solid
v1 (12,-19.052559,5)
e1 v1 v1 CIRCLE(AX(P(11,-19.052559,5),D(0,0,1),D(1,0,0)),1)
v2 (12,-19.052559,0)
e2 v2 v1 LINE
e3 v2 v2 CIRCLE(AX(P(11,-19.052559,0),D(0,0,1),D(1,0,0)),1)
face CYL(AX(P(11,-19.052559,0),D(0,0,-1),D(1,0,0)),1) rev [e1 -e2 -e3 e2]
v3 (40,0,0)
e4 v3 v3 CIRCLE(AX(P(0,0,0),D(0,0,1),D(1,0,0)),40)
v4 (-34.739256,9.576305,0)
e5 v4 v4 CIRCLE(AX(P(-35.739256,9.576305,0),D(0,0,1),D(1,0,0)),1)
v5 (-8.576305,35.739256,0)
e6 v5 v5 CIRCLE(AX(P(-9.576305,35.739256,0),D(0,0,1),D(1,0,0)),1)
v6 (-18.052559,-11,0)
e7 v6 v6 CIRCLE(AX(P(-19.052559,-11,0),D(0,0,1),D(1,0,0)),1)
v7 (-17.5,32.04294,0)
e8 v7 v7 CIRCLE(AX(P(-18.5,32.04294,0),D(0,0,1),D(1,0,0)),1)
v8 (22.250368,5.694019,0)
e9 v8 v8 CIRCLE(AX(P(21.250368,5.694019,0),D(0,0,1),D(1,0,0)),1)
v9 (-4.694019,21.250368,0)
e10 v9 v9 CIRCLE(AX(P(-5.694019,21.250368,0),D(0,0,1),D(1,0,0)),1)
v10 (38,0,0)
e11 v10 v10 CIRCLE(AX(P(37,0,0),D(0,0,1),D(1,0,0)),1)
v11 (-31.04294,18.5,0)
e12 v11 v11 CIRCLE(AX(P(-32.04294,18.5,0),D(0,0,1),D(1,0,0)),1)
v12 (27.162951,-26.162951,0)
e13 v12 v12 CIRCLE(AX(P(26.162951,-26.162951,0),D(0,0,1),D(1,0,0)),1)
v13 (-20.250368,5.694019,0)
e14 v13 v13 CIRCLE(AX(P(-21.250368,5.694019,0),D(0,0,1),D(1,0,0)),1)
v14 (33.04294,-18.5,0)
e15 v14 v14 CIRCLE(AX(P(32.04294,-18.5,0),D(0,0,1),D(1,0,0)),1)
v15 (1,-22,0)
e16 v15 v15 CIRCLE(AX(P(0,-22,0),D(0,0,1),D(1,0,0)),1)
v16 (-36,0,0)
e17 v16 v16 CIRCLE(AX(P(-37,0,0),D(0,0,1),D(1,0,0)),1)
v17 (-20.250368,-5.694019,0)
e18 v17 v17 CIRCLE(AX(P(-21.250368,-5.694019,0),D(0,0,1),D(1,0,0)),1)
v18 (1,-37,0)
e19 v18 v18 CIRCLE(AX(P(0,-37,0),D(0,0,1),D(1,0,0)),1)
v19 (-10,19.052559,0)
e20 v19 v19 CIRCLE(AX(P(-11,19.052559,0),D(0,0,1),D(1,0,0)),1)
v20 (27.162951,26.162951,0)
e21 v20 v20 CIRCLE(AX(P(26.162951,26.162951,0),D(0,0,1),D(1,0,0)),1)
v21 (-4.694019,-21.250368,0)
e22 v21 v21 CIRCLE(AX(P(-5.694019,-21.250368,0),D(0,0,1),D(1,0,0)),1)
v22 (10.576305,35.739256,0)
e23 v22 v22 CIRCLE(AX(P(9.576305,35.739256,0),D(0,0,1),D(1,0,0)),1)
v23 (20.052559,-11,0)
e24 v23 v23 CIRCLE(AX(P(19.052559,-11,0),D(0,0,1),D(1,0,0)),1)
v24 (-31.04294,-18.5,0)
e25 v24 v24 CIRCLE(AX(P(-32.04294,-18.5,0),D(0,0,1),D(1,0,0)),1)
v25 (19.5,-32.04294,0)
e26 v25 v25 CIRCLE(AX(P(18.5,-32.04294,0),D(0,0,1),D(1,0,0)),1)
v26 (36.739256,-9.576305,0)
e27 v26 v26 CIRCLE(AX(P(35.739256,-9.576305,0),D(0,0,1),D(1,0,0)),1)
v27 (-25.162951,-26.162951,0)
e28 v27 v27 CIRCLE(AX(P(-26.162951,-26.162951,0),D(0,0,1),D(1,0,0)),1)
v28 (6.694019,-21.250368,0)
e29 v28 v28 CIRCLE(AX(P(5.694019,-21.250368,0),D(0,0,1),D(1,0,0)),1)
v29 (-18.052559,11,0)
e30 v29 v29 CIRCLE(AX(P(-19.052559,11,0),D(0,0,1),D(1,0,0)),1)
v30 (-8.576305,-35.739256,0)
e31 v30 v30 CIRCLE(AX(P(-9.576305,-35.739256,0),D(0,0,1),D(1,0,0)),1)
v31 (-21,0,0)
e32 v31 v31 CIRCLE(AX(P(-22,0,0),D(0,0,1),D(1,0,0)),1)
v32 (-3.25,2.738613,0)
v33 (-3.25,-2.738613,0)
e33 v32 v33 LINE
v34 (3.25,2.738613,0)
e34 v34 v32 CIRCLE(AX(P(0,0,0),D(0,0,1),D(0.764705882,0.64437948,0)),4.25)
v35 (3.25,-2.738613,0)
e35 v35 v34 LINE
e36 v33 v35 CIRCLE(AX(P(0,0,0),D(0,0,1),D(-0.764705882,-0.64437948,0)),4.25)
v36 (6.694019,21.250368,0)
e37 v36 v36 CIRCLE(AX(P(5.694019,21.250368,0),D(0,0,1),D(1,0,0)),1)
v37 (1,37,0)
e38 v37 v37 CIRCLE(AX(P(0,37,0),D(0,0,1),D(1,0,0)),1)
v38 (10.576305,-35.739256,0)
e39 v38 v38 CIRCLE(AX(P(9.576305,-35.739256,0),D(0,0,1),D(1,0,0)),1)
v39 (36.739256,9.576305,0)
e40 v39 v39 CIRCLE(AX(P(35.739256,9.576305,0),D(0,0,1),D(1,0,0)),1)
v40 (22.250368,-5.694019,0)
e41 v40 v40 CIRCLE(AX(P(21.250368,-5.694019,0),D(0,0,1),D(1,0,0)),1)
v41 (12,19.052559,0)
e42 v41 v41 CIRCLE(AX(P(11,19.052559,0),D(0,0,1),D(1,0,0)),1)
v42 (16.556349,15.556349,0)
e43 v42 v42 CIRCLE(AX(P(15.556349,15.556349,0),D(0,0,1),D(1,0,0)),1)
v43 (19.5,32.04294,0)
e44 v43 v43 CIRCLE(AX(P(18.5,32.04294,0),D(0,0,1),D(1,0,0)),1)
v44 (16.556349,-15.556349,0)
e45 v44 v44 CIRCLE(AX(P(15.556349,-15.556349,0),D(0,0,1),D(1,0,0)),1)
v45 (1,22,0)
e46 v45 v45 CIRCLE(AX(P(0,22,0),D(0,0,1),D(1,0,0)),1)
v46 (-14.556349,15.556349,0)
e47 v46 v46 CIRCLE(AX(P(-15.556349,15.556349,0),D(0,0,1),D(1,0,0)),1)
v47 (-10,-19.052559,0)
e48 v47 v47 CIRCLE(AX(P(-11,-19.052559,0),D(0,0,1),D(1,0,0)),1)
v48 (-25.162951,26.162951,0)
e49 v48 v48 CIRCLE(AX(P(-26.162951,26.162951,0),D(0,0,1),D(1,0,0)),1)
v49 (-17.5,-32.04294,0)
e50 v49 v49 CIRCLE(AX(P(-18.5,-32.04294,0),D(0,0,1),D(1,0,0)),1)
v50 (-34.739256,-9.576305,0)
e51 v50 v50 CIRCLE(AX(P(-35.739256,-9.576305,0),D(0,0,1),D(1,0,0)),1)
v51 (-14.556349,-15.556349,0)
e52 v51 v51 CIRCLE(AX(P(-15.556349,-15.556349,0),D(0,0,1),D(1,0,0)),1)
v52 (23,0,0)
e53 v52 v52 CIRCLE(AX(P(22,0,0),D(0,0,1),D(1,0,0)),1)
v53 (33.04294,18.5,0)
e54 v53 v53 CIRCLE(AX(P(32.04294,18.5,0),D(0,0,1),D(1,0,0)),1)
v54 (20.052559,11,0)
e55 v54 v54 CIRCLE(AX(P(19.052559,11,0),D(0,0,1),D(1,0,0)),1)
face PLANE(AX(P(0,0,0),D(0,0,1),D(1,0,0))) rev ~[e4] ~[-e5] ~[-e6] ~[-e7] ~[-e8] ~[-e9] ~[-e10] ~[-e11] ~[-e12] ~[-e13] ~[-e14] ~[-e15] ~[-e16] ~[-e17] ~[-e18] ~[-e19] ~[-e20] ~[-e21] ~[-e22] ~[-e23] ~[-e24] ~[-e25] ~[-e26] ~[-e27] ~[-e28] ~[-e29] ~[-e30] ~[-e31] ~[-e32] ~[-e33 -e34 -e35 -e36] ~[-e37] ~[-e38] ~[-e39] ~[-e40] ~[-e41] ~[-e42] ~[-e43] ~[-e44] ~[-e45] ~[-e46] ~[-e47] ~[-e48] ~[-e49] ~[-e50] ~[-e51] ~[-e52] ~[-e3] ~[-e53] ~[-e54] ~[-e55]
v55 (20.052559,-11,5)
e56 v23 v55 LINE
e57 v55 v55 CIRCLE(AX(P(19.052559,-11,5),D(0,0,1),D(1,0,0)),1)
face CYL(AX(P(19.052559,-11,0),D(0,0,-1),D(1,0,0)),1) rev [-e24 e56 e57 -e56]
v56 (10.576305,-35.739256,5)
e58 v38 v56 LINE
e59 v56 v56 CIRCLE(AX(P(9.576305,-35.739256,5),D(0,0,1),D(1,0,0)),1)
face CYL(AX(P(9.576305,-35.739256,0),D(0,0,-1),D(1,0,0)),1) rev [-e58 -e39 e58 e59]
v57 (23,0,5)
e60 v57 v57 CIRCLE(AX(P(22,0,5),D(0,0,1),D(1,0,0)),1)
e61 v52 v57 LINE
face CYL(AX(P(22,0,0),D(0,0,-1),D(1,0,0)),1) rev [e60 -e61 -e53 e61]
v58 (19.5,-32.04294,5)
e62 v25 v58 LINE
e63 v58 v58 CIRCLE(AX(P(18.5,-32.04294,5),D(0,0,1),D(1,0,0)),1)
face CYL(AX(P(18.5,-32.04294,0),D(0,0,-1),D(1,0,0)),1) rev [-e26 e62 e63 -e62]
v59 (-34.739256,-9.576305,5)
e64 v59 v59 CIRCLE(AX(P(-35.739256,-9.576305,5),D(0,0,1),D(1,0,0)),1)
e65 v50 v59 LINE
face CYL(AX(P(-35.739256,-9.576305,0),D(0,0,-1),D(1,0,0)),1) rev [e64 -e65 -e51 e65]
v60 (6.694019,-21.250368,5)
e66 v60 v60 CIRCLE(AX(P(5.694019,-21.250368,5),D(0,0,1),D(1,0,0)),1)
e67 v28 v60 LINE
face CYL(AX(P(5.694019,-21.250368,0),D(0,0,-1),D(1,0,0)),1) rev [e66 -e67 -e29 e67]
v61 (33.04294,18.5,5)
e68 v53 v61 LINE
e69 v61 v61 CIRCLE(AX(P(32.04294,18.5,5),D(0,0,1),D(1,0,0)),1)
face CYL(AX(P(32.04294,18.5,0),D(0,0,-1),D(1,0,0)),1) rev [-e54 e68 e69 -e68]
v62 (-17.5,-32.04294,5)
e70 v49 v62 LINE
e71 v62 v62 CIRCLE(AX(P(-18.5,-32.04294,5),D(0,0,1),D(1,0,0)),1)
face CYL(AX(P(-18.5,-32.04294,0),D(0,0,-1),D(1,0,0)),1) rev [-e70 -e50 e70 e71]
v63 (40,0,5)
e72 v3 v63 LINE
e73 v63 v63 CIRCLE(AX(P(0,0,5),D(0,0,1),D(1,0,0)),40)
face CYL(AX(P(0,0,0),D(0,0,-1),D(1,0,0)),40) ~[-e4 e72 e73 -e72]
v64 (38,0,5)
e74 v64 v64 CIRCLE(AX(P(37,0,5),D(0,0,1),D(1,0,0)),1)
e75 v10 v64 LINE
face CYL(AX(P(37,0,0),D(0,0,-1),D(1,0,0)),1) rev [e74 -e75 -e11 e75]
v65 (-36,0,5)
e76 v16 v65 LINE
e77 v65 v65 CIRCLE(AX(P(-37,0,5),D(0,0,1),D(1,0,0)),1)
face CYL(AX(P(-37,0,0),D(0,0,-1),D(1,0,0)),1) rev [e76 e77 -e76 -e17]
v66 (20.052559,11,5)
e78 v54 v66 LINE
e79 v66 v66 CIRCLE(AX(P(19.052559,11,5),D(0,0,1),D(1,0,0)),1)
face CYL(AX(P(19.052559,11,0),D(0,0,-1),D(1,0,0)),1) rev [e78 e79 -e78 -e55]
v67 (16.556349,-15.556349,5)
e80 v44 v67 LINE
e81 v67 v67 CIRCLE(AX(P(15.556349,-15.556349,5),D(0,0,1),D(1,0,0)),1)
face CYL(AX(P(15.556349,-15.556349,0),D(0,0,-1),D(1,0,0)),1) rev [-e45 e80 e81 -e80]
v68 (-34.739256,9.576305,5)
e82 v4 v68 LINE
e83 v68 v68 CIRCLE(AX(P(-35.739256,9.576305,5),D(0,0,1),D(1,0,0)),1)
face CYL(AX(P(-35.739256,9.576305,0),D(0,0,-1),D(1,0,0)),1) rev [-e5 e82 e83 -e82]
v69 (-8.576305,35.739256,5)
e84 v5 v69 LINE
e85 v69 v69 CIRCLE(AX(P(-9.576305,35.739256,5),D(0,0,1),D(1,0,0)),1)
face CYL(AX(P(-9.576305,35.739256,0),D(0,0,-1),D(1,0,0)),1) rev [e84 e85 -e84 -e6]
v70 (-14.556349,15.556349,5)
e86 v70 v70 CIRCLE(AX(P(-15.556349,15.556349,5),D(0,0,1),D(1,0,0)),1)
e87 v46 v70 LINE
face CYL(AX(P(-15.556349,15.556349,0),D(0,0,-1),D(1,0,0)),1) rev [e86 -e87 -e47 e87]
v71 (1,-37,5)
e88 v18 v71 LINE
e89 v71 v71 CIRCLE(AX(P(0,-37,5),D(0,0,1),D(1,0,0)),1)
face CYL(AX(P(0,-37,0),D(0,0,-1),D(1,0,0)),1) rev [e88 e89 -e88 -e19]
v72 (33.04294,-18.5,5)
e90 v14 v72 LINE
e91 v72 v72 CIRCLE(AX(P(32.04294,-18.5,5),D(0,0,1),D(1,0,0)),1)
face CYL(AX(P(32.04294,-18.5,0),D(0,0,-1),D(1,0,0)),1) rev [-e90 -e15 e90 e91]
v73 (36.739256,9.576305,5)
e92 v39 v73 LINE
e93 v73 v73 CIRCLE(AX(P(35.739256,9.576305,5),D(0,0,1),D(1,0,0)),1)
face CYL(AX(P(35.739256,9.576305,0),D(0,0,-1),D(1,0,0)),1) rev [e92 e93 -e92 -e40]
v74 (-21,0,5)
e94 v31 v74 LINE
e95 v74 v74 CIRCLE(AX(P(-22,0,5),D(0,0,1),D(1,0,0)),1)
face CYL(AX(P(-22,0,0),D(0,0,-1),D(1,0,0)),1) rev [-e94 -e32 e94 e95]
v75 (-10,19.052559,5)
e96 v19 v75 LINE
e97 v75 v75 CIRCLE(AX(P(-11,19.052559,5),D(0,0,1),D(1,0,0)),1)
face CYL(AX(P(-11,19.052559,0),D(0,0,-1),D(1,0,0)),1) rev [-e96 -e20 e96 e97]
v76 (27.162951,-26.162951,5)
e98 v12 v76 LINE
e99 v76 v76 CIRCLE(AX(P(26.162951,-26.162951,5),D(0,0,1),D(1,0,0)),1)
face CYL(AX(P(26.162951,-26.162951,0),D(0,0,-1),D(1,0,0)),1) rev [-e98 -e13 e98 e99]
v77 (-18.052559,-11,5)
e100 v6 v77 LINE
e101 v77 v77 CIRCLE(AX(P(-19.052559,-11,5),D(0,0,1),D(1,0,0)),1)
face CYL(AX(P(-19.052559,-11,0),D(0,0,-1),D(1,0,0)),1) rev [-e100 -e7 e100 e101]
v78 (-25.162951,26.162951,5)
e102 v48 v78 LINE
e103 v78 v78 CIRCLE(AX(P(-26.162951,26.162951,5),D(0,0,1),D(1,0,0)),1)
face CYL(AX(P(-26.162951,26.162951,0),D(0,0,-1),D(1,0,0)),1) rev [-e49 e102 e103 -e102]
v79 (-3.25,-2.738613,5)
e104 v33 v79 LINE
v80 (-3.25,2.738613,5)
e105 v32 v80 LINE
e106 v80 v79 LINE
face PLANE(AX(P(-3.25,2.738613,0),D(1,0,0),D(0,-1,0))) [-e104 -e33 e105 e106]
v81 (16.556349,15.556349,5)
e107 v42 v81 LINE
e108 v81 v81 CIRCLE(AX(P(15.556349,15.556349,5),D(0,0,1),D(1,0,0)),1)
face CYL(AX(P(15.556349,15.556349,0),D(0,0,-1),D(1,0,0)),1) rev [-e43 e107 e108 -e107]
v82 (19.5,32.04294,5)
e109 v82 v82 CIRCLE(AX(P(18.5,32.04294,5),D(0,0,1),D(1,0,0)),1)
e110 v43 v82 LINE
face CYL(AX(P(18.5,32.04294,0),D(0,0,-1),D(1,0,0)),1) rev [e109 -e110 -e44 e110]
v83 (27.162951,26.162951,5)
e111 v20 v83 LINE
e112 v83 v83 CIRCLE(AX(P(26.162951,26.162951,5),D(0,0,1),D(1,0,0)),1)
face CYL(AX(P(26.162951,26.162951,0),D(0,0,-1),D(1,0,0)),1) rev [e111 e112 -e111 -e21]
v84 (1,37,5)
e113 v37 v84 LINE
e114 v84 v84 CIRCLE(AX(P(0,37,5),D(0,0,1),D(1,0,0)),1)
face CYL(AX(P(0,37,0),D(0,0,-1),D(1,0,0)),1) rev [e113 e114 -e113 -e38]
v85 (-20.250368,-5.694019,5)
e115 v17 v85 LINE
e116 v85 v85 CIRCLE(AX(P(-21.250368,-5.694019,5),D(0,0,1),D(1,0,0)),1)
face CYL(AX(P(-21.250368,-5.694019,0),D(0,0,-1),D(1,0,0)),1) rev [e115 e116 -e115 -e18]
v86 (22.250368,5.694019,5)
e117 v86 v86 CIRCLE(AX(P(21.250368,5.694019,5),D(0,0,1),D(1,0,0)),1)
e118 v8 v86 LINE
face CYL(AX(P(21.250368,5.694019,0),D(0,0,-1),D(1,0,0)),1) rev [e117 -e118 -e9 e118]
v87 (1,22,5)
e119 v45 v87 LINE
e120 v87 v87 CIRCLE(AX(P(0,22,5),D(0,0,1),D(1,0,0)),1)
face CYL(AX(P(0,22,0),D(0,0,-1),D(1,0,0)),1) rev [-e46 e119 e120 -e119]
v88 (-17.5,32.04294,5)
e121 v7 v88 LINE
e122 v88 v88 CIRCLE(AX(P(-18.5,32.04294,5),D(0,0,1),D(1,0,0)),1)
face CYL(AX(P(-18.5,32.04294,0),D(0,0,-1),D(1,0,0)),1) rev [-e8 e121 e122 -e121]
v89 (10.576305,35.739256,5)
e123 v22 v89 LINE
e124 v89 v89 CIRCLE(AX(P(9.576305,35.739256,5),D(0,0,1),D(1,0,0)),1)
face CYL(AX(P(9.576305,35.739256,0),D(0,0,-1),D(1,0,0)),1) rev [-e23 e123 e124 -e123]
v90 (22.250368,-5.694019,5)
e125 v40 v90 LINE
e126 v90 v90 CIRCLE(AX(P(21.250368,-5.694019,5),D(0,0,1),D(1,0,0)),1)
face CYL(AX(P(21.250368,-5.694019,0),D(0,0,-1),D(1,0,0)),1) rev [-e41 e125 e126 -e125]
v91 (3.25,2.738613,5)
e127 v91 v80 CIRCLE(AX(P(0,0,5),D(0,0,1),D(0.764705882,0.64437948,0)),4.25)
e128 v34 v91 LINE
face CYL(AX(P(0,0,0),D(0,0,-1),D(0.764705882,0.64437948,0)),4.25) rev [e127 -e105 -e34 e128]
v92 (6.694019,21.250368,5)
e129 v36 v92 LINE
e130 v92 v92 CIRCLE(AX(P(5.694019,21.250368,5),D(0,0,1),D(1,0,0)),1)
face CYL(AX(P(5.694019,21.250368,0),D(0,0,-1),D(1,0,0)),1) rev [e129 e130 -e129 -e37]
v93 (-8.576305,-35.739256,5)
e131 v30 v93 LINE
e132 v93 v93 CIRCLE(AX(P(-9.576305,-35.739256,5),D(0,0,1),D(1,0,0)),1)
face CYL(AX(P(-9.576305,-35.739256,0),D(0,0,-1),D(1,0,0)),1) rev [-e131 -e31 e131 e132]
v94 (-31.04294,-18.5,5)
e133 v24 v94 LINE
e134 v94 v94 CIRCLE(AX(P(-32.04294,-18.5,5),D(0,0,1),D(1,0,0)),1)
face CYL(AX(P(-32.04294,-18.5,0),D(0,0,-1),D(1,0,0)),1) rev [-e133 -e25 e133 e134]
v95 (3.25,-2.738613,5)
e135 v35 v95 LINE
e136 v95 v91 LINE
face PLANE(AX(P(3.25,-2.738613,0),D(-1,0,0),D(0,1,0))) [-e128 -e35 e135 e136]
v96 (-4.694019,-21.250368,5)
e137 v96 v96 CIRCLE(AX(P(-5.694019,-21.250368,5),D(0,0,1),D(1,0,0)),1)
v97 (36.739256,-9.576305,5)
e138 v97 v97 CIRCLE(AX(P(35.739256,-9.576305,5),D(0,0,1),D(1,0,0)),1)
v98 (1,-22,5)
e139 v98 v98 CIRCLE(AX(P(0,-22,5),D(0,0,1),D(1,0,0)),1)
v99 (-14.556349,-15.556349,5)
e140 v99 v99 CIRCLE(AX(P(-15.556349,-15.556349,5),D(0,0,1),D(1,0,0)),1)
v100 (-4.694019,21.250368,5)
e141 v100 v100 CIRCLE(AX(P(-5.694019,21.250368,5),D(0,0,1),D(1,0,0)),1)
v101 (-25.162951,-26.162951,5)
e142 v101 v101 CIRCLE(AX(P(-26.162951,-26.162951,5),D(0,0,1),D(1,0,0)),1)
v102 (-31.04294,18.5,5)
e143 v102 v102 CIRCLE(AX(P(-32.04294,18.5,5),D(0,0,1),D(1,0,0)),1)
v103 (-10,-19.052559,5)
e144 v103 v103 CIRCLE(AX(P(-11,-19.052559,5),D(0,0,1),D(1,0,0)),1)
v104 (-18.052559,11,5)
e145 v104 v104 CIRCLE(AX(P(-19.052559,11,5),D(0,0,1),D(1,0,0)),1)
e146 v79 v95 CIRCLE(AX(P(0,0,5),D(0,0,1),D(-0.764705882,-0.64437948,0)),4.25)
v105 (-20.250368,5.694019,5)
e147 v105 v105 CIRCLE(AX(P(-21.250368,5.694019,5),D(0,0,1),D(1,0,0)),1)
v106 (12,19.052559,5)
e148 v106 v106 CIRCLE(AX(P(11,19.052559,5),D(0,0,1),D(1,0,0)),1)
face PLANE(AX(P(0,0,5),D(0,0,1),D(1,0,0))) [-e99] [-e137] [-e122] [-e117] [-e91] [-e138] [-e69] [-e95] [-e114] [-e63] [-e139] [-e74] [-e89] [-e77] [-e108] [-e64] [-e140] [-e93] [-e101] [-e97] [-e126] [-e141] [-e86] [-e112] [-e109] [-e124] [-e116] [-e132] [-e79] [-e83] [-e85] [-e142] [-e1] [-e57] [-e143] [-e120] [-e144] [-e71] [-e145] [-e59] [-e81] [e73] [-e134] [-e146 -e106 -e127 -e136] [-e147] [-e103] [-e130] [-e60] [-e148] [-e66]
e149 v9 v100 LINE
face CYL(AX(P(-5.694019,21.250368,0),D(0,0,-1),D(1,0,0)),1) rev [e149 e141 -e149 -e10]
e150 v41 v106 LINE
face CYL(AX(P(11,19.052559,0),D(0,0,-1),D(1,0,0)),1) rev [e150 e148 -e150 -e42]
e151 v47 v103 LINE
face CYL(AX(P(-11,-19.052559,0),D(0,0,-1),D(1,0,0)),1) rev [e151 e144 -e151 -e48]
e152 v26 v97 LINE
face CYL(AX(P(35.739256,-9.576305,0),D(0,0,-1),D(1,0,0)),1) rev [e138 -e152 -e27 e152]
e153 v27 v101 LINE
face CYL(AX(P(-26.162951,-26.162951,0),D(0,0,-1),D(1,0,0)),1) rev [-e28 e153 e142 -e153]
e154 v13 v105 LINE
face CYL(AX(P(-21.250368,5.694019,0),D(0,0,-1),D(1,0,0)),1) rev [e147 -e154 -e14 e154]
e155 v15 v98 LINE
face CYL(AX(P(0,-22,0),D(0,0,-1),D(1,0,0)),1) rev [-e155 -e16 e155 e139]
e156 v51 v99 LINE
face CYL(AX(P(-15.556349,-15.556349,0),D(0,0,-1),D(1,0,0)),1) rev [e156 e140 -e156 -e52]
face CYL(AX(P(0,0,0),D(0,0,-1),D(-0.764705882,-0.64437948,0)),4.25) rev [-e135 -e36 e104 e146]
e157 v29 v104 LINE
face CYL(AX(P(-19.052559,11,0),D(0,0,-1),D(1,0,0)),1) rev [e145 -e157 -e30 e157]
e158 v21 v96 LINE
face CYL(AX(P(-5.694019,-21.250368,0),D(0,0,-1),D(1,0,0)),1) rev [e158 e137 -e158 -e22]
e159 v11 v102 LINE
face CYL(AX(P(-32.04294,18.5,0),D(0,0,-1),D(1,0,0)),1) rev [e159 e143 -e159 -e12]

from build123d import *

# Parameters (mm, degrees)
SKETCH1_R           = 40
BOSS_EXTRUDE1_DEPTH = 5
SKETCH2_R           = 1
CUT_EXTRUDE1_DEPTH  = 5
CUT_EXTRUDE2_DEPTH  = 5


with BuildPart() as part:
    # Sketch1 → Boss-Extrude1 (new body)
    with BuildSketch(Plane.XY):
        Circle(SKETCH1_R)
    extrude(amount=BOSS_EXTRUDE1_DEPTH)

    # Sketch2 → Cut-Extrude1 (cut)
    with BuildSketch(Plane.XY):
        with Locations((0, 37)):
            Circle(SKETCH2_R)
        with Locations((0, 22)):
            Circle(SKETCH2_R)
        with Locations((5.694018992, 21.250368178)):
            Circle(SKETCH2_R)
        with Locations((9.576304669, 35.739255573)):
            Circle(SKETCH2_R)
        with Locations((11, 19.052558883)):
            Circle(SKETCH2_R)
        with Locations((18.5, 32.04293994)):
            Circle(SKETCH2_R)
        with Locations((15.556349186, 15.556349186)):
            Circle(SKETCH2_R)
        with Locations((26.162950904, 26.162950904)):
            Circle(SKETCH2_R)
        with Locations((19.052558883, 11)):
            Circle(SKETCH2_R)
        with Locations((32.04293994, 18.5)):
            Circle(SKETCH2_R)
        with Locations((21.250368178, 5.694018992)):
            Circle(SKETCH2_R)
        with Locations((35.739255573, 9.576304669)):
            Circle(SKETCH2_R)
        with Locations((22, 0)):
            Circle(SKETCH2_R)
        with Locations((37, 0)):
            Circle(SKETCH2_R)
        with Locations((21.250368178, -5.694018992)):
            Circle(SKETCH2_R)
        with Locations((35.739255573, -9.576304669)):
            Circle(SKETCH2_R)
        with Locations((19.052558883, -11)):
            Circle(SKETCH2_R)
        with Locations((32.04293994, -18.5)):
            Circle(SKETCH2_R)
        with Locations((15.556349186, -15.556349186)):
            Circle(SKETCH2_R)
        with Locations((26.162950904, -26.162950904)):
            Circle(SKETCH2_R)
        with Locations((11, -19.052558883)):
            Circle(SKETCH2_R)
        with Locations((18.5, -32.04293994)):
            Circle(SKETCH2_R)
        with Locations((5.694018992, -21.250368178)):
            Circle(SKETCH2_R)
        with Locations((9.576304669, -35.739255573)):
            Circle(SKETCH2_R)
        with Locations((0, -22)):
            Circle(SKETCH2_R)
        with Locations((0, -37)):
            Circle(SKETCH2_R)
        with Locations((-5.694018992, -21.250368178)):
            Circle(SKETCH2_R)
        with Locations((-9.576304669, -35.739255573)):
            Circle(SKETCH2_R)
        with Locations((-11, -19.052558883)):
            Circle(SKETCH2_R)
        with Locations((-18.5, -32.04293994)):
            Circle(SKETCH2_R)
        with Locations((-15.556349186, -15.556349186)):
            Circle(SKETCH2_R)
        with Locations((-26.162950904, -26.162950904)):
            Circle(SKETCH2_R)
        with Locations((-19.052558883, -11)):
            Circle(SKETCH2_R)
        with Locations((-32.04293994, -18.5)):
            Circle(SKETCH2_R)
        with Locations((-21.250368178, -5.694018992)):
            Circle(SKETCH2_R)
        with Locations((-35.739255573, -9.576304669)):
            Circle(SKETCH2_R)
        with Locations((-22, 0)):
            Circle(SKETCH2_R)
        with Locations((-37, 0)):
            Circle(SKETCH2_R)
        with Locations((-21.250368178, 5.694018992)):
            Circle(SKETCH2_R)
        with Locations((-35.739255573, 9.576304669)):
            Circle(SKETCH2_R)
        with Locations((-19.052558883, 11)):
            Circle(SKETCH2_R)
        with Locations((-32.04293994, 18.5)):
            Circle(SKETCH2_R)
        with Locations((-15.556349186, 15.556349186)):
            Circle(SKETCH2_R)
        with Locations((-26.162950904, 26.162950904)):
            Circle(SKETCH2_R)
        with Locations((-11, 19.052558883)):
            Circle(SKETCH2_R)
        with Locations((-18.5, 32.04293994)):
            Circle(SKETCH2_R)
        with Locations((-5.694018992, 21.250368178)):
            Circle(SKETCH2_R)
        with Locations((-9.576304669, 35.739255573)):
            Circle(SKETCH2_R)
    extrude(amount=CUT_EXTRUDE1_DEPTH, mode=Mode.SUBTRACT)

    # Sketch5 → Cut-Extrude2 (cut)
    with BuildSketch(Plane.XY):
        with BuildLine():
            Line((-3.25, 2.738612788), (-3.25, -2.738612788))
            ThreePointArc((-3.25, -2.738612788), (0, -4.25), (3.25, -2.738612788))
            Line((3.25, -2.738612788), (3.25, 2.738612788))
            ThreePointArc((3.25, 2.738612788), (0, 4.25), (-3.25, 2.738612788))
        make_face()
    extrude(amount=CUT_EXTRUDE2_DEPTH, mode=Mode.SUBTRACT)


solid = part.part
